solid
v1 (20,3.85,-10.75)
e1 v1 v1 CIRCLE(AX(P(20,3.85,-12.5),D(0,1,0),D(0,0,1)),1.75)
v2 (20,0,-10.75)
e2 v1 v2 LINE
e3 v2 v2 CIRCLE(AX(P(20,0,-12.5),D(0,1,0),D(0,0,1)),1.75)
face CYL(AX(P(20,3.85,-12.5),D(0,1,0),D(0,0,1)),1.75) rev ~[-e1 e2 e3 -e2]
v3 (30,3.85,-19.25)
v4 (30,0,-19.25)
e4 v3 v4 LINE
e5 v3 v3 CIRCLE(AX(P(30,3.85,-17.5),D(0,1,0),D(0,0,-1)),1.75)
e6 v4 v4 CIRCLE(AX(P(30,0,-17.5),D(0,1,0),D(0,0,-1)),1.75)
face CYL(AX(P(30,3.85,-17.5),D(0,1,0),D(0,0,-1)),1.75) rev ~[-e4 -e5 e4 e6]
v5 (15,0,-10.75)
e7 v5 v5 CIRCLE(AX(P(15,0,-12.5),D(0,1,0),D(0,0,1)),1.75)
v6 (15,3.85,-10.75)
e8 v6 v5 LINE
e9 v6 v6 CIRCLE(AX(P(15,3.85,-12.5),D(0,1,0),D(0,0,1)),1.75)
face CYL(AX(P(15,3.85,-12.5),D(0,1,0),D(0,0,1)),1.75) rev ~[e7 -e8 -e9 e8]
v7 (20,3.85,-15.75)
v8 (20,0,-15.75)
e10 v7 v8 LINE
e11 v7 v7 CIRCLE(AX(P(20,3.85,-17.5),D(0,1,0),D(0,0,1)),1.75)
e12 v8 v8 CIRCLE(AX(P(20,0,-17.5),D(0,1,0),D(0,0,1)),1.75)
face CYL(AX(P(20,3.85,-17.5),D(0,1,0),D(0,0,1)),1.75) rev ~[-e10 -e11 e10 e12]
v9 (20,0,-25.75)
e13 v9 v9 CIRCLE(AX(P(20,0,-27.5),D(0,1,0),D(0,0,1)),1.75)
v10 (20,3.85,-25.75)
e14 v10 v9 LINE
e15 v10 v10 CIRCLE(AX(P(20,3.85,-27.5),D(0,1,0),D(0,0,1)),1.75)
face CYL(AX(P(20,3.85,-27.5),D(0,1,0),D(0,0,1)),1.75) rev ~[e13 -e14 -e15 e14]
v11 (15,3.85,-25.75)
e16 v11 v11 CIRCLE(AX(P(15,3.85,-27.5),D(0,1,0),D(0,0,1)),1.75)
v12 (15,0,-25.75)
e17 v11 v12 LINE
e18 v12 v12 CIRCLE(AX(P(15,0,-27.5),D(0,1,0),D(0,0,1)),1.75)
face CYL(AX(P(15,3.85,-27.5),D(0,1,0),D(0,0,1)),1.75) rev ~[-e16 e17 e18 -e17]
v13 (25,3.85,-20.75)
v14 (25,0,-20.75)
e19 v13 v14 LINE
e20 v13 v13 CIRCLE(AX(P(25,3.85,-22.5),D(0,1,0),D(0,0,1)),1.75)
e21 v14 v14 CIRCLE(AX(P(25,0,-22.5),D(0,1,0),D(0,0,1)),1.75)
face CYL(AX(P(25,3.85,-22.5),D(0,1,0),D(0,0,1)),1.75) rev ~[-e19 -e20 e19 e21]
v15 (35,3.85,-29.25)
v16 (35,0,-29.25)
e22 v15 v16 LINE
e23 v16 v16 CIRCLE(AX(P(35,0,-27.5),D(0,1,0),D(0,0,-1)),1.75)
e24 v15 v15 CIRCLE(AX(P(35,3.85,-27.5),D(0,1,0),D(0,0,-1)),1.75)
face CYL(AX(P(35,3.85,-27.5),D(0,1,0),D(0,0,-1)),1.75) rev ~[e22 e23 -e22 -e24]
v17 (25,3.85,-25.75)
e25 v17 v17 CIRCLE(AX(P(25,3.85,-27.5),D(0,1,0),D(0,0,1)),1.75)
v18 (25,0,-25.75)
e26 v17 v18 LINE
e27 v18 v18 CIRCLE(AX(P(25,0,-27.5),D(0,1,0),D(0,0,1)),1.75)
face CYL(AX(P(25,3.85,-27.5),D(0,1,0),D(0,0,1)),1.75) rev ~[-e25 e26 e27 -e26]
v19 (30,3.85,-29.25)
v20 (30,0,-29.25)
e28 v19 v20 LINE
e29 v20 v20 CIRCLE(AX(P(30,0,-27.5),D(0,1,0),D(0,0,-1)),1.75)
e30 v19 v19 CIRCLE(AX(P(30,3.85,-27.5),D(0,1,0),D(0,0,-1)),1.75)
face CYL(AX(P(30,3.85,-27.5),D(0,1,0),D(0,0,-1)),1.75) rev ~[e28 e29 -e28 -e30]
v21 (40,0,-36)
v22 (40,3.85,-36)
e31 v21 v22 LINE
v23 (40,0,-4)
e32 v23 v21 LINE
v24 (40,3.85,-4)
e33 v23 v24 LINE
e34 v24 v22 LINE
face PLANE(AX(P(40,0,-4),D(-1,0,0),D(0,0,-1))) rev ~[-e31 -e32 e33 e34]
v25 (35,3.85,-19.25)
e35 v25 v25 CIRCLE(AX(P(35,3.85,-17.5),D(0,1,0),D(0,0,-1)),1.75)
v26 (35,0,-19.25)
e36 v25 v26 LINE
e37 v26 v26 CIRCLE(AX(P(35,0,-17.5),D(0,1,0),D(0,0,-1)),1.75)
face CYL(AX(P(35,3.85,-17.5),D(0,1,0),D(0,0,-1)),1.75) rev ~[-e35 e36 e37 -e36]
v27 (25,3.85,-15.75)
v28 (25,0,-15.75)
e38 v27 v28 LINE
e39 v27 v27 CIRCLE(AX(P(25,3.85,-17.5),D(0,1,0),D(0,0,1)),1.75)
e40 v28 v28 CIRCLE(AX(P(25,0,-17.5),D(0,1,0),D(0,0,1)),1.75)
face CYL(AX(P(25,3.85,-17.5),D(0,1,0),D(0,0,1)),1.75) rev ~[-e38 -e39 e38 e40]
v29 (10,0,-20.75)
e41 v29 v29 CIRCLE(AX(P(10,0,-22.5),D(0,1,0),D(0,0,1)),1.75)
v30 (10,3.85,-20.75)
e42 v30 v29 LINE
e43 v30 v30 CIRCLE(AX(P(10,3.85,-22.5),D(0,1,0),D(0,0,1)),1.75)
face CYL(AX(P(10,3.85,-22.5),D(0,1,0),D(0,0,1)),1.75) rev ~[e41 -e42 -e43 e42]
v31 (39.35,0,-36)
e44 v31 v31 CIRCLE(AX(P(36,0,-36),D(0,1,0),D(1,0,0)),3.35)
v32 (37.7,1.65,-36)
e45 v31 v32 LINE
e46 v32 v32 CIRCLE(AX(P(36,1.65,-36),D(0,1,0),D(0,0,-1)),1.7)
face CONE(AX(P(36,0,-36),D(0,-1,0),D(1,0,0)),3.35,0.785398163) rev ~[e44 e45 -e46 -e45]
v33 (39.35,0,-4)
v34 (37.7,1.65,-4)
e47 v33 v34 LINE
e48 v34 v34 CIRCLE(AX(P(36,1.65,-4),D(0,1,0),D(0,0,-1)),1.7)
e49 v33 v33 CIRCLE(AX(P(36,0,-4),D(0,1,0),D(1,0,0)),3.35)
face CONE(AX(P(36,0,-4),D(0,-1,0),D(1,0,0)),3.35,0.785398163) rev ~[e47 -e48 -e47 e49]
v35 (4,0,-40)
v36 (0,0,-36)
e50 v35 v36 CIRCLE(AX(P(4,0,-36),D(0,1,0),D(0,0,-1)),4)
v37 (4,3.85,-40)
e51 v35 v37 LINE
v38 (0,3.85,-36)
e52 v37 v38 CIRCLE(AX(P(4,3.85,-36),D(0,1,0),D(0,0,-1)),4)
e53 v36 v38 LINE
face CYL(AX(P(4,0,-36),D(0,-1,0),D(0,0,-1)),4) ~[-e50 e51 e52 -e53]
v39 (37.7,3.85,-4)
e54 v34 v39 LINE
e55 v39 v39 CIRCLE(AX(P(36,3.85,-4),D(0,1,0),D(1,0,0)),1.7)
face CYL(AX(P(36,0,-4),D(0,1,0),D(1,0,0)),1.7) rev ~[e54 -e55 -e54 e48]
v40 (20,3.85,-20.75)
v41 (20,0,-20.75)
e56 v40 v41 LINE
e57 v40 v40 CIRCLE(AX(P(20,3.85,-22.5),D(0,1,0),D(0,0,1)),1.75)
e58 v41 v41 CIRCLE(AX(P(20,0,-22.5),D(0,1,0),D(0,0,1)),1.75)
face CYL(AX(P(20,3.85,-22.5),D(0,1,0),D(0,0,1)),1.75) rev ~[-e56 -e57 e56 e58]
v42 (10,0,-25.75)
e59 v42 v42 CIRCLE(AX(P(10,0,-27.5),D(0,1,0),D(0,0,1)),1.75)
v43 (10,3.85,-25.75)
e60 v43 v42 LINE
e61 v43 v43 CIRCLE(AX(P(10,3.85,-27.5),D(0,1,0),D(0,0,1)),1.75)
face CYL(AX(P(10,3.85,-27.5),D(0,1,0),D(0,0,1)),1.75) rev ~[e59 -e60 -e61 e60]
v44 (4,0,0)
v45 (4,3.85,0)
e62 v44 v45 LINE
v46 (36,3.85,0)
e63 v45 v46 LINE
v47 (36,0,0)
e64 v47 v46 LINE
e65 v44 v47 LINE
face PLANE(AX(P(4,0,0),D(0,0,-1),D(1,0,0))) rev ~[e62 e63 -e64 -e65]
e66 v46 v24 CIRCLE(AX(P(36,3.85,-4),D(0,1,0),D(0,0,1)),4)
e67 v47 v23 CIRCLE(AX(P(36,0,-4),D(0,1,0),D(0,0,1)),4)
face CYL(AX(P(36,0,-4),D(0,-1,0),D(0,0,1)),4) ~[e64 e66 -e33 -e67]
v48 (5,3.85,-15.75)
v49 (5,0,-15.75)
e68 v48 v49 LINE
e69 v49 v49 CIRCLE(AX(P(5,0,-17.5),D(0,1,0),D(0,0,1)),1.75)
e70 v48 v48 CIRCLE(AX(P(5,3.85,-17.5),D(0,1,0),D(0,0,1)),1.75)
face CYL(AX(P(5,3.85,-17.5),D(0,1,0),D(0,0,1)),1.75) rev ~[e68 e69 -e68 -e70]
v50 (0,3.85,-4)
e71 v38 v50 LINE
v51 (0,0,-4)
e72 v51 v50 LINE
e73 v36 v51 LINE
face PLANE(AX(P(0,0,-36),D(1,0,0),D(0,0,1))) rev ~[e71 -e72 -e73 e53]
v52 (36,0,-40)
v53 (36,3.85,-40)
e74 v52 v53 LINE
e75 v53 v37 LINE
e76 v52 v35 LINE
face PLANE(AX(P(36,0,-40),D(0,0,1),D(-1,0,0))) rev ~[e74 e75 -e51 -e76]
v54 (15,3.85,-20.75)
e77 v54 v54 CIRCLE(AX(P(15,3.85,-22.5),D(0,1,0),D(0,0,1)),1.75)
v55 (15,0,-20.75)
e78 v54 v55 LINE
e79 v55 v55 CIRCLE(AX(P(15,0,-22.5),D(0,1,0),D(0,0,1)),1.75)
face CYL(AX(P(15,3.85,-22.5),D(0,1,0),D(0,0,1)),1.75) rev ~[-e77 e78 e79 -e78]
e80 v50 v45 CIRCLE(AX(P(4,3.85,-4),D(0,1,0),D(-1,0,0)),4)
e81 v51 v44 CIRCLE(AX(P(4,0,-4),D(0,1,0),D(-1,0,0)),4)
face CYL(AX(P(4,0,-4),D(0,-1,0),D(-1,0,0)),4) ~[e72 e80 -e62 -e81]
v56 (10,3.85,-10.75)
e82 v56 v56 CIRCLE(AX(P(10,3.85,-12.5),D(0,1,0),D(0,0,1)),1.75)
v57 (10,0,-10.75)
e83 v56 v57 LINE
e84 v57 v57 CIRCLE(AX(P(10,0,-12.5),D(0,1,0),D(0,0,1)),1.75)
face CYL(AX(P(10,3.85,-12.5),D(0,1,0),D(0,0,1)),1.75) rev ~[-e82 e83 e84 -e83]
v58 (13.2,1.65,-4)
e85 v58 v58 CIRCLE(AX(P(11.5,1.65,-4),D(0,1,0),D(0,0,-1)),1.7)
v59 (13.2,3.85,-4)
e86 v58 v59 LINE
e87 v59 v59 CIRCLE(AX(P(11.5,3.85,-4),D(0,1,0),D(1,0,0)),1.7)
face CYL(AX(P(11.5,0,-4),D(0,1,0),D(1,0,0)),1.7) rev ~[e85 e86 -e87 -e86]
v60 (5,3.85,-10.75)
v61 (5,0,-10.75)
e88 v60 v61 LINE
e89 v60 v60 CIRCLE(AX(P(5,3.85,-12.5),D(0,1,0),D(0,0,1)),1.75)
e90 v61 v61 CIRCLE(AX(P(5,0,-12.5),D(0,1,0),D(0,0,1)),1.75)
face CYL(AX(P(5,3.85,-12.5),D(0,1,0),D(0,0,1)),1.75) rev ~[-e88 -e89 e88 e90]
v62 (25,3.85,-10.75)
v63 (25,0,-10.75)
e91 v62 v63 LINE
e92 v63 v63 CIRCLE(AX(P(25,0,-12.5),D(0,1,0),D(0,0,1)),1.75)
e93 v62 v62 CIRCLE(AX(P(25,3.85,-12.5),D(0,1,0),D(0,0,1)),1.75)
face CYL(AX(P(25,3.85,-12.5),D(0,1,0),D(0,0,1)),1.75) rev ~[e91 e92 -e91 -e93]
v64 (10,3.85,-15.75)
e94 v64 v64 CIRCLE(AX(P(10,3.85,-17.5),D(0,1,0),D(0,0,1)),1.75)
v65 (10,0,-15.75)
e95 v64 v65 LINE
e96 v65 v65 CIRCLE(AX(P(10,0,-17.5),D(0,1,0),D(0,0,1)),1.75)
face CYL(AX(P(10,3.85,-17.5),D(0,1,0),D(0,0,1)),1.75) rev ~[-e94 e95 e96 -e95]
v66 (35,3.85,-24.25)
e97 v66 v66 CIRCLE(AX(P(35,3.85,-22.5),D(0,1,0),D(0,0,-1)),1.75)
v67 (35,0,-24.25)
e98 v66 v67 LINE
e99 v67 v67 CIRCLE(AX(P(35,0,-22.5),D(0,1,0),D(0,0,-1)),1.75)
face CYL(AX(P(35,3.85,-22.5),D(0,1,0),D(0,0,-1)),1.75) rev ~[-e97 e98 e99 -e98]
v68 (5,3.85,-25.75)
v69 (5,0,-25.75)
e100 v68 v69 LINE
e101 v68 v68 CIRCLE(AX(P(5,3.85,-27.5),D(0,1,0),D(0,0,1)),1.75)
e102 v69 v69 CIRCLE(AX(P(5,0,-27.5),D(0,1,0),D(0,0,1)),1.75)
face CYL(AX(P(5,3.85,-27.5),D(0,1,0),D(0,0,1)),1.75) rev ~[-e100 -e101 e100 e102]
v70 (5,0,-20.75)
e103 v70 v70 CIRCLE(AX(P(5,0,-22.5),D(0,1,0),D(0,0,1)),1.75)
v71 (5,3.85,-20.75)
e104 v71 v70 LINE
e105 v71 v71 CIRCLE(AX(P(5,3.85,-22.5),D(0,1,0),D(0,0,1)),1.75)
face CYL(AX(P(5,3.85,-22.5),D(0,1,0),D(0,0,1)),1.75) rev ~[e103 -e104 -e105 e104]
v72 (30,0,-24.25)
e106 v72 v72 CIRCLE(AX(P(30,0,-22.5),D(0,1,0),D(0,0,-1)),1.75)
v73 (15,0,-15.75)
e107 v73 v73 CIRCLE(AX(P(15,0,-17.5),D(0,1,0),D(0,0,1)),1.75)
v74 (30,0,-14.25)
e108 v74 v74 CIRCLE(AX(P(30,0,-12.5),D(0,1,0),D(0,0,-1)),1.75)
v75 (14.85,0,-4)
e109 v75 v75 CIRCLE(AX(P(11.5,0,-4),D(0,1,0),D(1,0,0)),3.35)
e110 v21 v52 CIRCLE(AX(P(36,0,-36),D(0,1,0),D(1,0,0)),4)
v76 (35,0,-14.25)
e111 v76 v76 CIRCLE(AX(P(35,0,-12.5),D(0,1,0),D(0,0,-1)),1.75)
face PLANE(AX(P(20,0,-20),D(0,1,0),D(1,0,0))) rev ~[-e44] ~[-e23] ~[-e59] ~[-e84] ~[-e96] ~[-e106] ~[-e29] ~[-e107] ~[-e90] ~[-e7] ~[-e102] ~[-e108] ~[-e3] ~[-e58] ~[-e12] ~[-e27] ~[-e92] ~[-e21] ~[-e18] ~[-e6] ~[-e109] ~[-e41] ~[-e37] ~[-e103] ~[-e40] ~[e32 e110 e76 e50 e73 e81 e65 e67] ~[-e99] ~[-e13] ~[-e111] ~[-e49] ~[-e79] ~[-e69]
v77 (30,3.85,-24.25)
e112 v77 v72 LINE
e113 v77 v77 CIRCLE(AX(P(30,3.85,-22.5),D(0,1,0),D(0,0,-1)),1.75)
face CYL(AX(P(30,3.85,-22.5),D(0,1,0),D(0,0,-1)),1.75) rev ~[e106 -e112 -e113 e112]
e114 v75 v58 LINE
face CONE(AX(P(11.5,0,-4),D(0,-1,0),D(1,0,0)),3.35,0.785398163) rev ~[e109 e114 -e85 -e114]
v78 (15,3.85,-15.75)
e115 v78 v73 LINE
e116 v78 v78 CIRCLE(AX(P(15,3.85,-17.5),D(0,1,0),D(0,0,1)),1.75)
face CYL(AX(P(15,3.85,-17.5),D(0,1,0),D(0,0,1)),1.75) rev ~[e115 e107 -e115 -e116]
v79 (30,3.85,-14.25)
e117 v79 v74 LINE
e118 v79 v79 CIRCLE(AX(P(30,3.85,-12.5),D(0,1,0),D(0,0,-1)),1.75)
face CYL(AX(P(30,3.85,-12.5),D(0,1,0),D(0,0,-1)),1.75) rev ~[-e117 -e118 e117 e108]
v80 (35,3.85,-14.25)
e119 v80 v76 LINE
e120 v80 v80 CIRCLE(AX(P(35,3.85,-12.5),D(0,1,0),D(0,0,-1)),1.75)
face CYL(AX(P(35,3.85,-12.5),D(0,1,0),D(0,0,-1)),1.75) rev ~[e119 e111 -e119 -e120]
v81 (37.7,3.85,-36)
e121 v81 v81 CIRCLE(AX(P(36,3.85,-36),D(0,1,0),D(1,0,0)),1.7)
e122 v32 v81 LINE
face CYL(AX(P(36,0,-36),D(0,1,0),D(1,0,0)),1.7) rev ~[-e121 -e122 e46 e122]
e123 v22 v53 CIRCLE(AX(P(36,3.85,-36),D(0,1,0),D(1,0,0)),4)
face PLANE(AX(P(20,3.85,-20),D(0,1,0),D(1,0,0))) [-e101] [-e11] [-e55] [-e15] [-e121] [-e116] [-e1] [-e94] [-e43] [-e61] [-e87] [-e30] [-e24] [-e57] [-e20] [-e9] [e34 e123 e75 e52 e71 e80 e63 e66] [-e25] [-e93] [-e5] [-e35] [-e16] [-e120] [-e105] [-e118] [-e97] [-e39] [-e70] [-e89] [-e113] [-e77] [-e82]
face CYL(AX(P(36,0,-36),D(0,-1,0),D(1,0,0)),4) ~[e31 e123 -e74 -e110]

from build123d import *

# Parameters (mm, degrees)
SKETCH1_R                                           = 1.6
BOSS_EXTRUDE1_DEPTH                                 = 3.85
CSK_FOR_M3_COUNTERSUNK_FLAT_HEAD_SCREW1_D           = 3.4
CSK_FOR_M3_COUNTERSUNK_FLAT_HEAD_SCREW1_CSINK_D     = 6.7
CSK_FOR_M3_COUNTERSUNK_FLAT_HEAD_SCREW1_CSINK_ANGLE = 90
SKETCH4_R                                           = 1.75
CUT_EXTRUDE1_DEPTH                                  = 12.5


with BuildPart() as part:
    # Sketch1 → Boss-Extrude1 (new body)
    with BuildSketch(Plane(origin=(0, 0, 0), x_dir=(1, 0, 0), z_dir=(0, 1, 0))):
        with BuildLine():
            Line((4, 0), (36, 0))
            ThreePointArc((36, 0), (38.828427125, 1.171572875), (40, 4))
            Line((40, 4), (40, 36))
            ThreePointArc((40, 36), (38.828427125, 38.828427125), (36, 40))
            Line((36, 40), (4, 40))
            ThreePointArc((4, 40), (1.171572875, 38.828427125), (0, 36))
            Line((0, 36), (0, 4))
            ThreePointArc((0, 4), (1.171572875, 1.171572875), (4, 0))
        make_face()
        with Locations(Location((11.5, 4, 0), (0, 0, 90))):
            Circle(SKETCH1_R, mode=Mode.SUBTRACT)
        with Locations(Location((36, 4, 0), (0, 0, 90))):
            Circle(SKETCH1_R, mode=Mode.SUBTRACT)
        with Locations(Location((36, 36, 0), (0, 0, 90))):
            Circle(SKETCH1_R, mode=Mode.SUBTRACT)
    extrude(amount=BOSS_EXTRUDE1_DEPTH)

    # CSK for M3 Countersunk Flat Head Screw1 (through all)
    with Locations(Plane(origin=(0, 0, 0), x_dir=(-1, 0, 0), z_dir=(0, -1, 0))):
        with Locations((-11.5, 4), (-36, 4), (-36, 36)):
            CounterSinkHole(CSK_FOR_M3_COUNTERSUNK_FLAT_HEAD_SCREW1_D / 2, CSK_FOR_M3_COUNTERSUNK_FLAT_HEAD_SCREW1_CSINK_D / 2, counter_sink_angle=CSK_FOR_M3_COUNTERSUNK_FLAT_HEAD_SCREW1_CSINK_ANGLE)

    # Sketch4 → Cut-Extrude1 (cut)
    with BuildSketch(Plane(origin=(0, 3.85, 0), x_dir=(1, 0, 0), z_dir=(0, 1, 0))):
        with Locations(Location((5, 22.5, 0), (0, 0, 270))):
            Circle(SKETCH4_R)
        with Locations(Location((10, 22.5, 0), (0, 0, 270))):
            Circle(SKETCH4_R)
        with Locations(Location((5, 17.5, 0), (0, 0, 270))):
            Circle(SKETCH4_R)
        with Locations(Location((10, 17.5, 0), (0, 0, 270))):
            Circle(SKETCH4_R)
        with Locations(Location((30, 17.5, 0), (0, 0, 90))):
            Circle(SKETCH4_R)
        with Locations(Location((35, 17.5, 0), (0, 0, 90))):
            Circle(SKETCH4_R)
        with Locations(Location((30, 22.5, 0), (0, 0, 90))):
            Circle(SKETCH4_R)
        with Locations(Location((35, 22.5, 0), (0, 0, 90))):
            Circle(SKETCH4_R)
        with Locations(Location((15, 22.5, 0), (0, 0, 270))):
            Circle(SKETCH4_R)
        with Locations(Location((15, 17.5, 0), (0, 0, 270))):
            Circle(SKETCH4_R)
        with Locations(Location((20, 22.5, 0), (0, 0, 270))):
            Circle(SKETCH4_R)
        with Locations(Location((20, 17.5, 0), (0, 0, 270))):
            Circle(SKETCH4_R)
        with Locations(Location((25, 22.5, 0), (0, 0, 270))):
            Circle(SKETCH4_R)
        with Locations(Location((25, 17.5, 0), (0, 0, 270))):
            Circle(SKETCH4_R)
        with Locations(Location((5, 27.5, 0), (0, 0, 270))):
            Circle(SKETCH4_R)
        with Locations(Location((10, 27.5, 0), (0, 0, 270))):
            Circle(SKETCH4_R)
        with Locations(Location((30, 27.5, 0), (0, 0, 90))):
            Circle(SKETCH4_R)
        with Locations(Location((35, 27.5, 0), (0, 0, 90))):
            Circle(SKETCH4_R)
        with Locations(Location((15, 27.5, 0), (0, 0, 270))):
            Circle(SKETCH4_R)
        with Locations(Location((20, 27.5, 0), (0, 0, 270))):
            Circle(SKETCH4_R)
        with Locations(Location((25, 27.5, 0), (0, 0, 270))):
            Circle(SKETCH4_R)
        with Locations(Location((5, 12.5, 0), (0, 0, 270))):
            Circle(SKETCH4_R)
        with Locations(Location((10, 12.5, 0), (0, 0, 270))):
            Circle(SKETCH4_R)
        with Locations(Location((30, 12.5, 0), (0, 0, 90))):
            Circle(SKETCH4_R)
        with Locations(Location((35, 12.5, 0), (0, 0, 90))):
            Circle(SKETCH4_R)
        with Locations(Location((15, 12.5, 0), (0, 0, 270))):
            Circle(SKETCH4_R)
        with Locations(Location((20, 12.5, 0), (0, 0, 270))):
            Circle(SKETCH4_R)
        with Locations(Location((25, 12.5, 0), (0, 0, 270))):
            Circle(SKETCH4_R)
    extrude(amount=-CUT_EXTRUDE1_DEPTH, mode=Mode.SUBTRACT)


solid = part.part
